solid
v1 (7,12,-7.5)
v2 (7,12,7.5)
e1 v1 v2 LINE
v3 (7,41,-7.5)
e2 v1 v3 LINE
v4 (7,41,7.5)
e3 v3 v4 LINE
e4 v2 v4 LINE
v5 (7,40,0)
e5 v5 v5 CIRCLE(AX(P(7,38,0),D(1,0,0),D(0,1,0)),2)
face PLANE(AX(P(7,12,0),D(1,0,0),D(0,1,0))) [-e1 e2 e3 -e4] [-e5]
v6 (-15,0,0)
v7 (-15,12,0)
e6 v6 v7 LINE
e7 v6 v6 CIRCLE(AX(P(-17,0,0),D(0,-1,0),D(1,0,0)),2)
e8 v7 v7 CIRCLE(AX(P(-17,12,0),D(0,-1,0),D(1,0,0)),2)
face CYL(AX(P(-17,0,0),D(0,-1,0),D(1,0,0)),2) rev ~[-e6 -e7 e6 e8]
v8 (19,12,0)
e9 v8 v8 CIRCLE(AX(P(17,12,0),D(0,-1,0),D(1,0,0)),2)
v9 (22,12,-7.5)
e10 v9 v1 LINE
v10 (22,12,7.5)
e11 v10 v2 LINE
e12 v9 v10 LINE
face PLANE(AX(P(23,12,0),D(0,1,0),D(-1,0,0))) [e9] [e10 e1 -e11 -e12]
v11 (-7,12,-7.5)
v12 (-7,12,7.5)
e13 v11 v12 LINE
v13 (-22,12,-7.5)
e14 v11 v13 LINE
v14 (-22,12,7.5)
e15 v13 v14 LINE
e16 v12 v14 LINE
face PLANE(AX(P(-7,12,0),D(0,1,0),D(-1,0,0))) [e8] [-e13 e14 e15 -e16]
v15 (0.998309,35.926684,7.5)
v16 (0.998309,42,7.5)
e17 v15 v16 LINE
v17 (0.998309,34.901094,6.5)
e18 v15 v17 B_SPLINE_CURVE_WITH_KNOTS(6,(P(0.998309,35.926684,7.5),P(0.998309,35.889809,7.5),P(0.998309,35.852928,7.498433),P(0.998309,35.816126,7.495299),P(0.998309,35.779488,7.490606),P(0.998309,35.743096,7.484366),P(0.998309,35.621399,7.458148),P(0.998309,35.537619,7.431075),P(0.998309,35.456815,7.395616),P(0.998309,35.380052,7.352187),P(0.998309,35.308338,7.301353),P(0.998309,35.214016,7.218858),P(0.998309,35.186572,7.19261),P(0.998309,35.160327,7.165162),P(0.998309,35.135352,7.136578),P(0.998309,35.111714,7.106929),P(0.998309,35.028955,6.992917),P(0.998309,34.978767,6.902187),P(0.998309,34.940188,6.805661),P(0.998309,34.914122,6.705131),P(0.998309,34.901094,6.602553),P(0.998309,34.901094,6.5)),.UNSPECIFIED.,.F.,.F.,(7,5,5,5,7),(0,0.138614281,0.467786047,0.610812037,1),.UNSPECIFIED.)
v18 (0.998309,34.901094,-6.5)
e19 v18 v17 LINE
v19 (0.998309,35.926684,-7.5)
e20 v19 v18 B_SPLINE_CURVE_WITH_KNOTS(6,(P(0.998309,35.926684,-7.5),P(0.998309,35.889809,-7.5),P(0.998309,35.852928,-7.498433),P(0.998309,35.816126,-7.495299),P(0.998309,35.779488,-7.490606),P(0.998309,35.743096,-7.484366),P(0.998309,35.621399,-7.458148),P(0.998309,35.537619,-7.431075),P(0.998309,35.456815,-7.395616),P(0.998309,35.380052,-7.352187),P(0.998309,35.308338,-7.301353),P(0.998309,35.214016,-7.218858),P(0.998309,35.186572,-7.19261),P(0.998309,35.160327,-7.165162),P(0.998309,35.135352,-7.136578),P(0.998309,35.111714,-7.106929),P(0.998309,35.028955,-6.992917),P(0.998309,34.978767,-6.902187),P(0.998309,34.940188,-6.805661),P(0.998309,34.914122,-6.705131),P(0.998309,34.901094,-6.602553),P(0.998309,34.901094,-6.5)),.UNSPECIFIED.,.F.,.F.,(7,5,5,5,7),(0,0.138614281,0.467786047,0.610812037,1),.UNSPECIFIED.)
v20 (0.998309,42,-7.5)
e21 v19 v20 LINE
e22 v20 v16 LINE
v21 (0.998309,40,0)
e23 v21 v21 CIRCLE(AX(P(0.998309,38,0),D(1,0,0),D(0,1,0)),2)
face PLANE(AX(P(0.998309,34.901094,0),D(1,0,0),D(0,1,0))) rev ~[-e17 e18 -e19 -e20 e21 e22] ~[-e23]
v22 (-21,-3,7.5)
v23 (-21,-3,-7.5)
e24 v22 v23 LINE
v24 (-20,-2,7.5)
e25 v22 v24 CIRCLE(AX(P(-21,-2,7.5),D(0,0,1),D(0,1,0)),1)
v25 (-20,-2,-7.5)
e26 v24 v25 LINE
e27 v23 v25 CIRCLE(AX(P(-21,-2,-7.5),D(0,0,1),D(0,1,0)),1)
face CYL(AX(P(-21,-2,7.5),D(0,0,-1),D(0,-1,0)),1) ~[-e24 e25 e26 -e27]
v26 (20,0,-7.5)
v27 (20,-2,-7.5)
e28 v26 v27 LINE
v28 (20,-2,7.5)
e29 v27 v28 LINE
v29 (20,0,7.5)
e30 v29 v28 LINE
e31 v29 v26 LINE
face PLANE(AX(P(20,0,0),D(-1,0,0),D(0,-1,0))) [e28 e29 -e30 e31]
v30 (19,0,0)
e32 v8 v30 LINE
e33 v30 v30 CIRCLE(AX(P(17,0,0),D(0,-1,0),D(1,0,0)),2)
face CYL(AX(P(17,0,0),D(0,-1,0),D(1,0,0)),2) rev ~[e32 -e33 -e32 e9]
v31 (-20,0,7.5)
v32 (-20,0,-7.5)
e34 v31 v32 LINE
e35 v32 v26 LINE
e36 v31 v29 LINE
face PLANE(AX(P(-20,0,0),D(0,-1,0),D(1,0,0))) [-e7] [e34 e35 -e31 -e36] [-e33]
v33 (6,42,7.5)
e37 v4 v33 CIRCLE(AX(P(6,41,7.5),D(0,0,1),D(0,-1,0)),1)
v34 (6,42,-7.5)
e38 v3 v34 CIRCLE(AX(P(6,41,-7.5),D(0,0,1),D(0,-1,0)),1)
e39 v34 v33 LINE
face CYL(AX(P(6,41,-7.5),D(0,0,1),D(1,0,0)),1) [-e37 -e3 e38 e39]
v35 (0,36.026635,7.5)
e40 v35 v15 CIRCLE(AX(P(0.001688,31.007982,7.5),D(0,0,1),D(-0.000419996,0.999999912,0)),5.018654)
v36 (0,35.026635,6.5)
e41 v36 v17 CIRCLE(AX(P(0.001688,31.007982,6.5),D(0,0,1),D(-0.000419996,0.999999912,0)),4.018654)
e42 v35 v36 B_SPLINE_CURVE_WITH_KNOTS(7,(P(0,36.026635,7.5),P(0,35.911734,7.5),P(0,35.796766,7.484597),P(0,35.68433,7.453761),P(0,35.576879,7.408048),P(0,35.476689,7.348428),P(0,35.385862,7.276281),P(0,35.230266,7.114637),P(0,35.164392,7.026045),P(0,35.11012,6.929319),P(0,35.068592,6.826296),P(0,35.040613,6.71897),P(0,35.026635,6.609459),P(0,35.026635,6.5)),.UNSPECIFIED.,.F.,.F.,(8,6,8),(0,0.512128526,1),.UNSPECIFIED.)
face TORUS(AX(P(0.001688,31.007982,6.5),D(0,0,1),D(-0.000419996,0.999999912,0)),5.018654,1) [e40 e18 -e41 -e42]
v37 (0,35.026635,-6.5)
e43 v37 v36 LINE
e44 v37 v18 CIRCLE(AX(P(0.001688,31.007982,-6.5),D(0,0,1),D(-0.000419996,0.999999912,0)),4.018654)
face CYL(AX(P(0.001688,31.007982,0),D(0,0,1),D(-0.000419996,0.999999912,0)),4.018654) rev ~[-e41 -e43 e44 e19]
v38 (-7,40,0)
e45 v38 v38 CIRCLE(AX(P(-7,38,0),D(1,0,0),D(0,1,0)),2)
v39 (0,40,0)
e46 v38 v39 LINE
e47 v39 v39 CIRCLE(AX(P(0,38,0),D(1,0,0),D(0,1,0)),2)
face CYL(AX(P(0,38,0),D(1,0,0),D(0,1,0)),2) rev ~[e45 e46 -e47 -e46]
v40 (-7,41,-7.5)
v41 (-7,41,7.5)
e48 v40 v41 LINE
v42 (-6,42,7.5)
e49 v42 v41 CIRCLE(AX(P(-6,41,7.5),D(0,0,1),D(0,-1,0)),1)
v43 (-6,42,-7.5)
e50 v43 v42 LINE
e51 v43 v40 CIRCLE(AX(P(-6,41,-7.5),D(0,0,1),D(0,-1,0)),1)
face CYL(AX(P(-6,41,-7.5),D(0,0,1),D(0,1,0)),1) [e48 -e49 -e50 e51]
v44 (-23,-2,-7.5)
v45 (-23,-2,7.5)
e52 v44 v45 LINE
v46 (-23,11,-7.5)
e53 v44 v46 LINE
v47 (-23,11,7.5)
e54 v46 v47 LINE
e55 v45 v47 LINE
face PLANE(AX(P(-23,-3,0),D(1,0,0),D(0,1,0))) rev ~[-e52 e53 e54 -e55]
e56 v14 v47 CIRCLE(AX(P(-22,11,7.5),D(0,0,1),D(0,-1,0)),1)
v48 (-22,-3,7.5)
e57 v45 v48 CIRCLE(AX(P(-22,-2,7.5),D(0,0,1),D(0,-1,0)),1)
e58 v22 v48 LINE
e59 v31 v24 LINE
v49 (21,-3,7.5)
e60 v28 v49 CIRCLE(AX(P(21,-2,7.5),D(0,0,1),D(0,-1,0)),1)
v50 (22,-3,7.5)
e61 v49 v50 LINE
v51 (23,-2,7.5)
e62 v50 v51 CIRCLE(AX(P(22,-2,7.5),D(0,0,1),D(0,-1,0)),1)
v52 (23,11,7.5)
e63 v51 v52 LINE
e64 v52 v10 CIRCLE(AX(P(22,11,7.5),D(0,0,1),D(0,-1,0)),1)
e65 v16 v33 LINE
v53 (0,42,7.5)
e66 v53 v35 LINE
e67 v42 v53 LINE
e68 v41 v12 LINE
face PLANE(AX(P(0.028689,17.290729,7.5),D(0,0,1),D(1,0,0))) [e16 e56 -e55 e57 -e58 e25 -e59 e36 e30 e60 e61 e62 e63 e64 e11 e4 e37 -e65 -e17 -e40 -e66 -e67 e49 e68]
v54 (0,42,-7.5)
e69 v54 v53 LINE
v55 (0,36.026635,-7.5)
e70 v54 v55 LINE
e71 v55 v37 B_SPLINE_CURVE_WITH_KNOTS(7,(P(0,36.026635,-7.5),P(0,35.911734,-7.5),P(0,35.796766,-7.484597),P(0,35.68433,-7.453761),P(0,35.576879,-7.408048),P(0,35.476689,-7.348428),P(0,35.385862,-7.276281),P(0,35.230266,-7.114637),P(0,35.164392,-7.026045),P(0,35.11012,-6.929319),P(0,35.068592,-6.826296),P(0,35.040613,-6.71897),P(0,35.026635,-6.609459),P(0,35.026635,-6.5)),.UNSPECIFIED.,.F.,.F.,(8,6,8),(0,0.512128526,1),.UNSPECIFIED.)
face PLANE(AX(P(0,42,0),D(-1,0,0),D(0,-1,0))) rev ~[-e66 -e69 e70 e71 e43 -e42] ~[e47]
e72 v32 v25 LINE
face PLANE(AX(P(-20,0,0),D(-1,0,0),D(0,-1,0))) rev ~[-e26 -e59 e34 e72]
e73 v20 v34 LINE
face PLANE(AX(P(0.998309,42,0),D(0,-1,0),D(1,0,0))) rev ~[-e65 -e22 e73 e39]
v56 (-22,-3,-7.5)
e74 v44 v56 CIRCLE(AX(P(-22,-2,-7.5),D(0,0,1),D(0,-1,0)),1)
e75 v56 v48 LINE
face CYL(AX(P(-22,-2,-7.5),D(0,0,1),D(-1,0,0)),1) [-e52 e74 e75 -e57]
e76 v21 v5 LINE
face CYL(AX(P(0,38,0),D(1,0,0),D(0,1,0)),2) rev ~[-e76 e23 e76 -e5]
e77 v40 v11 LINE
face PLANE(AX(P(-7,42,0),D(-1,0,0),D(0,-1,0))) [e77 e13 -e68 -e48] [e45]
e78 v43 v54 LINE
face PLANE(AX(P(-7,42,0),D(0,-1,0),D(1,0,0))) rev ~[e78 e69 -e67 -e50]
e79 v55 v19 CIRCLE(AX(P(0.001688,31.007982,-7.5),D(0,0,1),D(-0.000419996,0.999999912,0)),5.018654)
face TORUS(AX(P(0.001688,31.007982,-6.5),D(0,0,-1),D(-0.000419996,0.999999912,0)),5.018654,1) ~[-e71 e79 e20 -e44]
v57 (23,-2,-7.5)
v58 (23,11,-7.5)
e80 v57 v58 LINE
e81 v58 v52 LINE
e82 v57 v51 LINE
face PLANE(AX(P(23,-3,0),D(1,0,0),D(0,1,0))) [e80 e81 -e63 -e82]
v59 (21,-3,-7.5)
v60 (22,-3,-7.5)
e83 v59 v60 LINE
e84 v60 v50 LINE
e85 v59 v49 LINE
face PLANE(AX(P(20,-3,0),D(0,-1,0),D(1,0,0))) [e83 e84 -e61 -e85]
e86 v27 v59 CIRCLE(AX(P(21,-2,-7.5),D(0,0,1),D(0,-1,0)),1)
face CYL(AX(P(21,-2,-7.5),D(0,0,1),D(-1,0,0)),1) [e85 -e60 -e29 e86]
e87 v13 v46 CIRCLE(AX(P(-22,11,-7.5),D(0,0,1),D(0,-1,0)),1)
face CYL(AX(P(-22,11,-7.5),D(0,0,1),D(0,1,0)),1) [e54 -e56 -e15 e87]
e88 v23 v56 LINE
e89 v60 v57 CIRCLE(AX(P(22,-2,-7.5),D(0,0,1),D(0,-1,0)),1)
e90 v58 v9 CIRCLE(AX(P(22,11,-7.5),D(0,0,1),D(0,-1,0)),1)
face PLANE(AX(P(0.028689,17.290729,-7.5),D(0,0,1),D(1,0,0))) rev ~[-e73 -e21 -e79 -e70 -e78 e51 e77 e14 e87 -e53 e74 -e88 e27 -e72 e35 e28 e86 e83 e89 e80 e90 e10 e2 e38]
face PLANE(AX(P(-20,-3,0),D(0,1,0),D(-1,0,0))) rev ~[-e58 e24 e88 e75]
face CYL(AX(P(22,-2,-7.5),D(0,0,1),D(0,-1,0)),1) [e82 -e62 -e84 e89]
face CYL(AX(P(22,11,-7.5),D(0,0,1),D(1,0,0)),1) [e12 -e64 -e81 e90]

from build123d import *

# Parameters (mm, degrees)
SKETCH002_R  = 2
PAD002_DEPTH = 17.5
SKETCH001_R  = 2
PAD001_DEPTH = 20
PAD_DEPTH    = 7.5
FILLET_R     = 1


with BuildPart() as pad002:
    # Sketch002 → Pad002 (new body, symmetric)
    with BuildSketch(Plane.YZ):
        with Locations((38, 0)):
            Circle(SKETCH002_R)
    extrude(amount=PAD002_DEPTH, both=True)


with BuildPart() as pad001:
    # Sketch001 → Pad001 (new body, symmetric)
    with BuildSketch(Plane.XZ):
        with Locations((-17, 0)):
            Circle(SKETCH001_R)
        with Locations((17, 0)):
            Circle(SKETCH001_R)
    extrude(amount=PAD001_DEPTH, both=True)


with BuildPart() as fillet_body:
    # Sketch → Pad (new body, symmetric)
    with BuildSketch(Plane.XY):
        with BuildLine():
            Line((0, 0), (20, 0))
            Line((20, 0), (20, -3))
            Line((20, -3), (23, -3))
            Line((23, -3), (23, 12))
            Line((23, 12), (7, 12))
            Line((7, 12), (7, 42))
            Line((0.998309, 42), (7, 42))
            Line((0.998309, 34.901094), (0.998309, 42))
            ThreePointArc((0, 35.026635), (-0.499717, 27.020731), (0.998309, 34.901094))
            Line((0, 42), (0, 35.026635))
            Line((-7, 42), (0, 42))
            Line((-7, 42), (-7, 12))
            Line((-7, 12), (-23, 12))
            Line((-23, -3), (-23, 12))
            Line((-20, -3), (-23, -3))
            Line((-20, 0), (-20, -3))
            Line((0, 0), (-20, 0))
        make_face()
    extrude(amount=PAD_DEPTH, both=True)

    # Cut: cut Pad001
    add(pad001.part, mode=Mode.SUBTRACT)

    # Cut001: cut Pad002
    add(pad002.part, mode=Mode.SUBTRACT)

    # Fillet
    fillet_edges = [fillet_body.edges().sort_by_distance(p)[0] for p in [
        (23, -3, 0),
        (20, -3, 0),
        (-20, -3, 0),
        (-23, -3, 0),
        (23, 12, 0),
        (7, 42, 0),
        (-0.499717, 27.020731, 7.5),
        (-23, 12, 0),
        (-7, 42, 0),
        (-0.499717, 27.020731, -7.5),
    ]]
    fillet(fillet_edges, radius=FILLET_R)


solid = fillet_body.part
